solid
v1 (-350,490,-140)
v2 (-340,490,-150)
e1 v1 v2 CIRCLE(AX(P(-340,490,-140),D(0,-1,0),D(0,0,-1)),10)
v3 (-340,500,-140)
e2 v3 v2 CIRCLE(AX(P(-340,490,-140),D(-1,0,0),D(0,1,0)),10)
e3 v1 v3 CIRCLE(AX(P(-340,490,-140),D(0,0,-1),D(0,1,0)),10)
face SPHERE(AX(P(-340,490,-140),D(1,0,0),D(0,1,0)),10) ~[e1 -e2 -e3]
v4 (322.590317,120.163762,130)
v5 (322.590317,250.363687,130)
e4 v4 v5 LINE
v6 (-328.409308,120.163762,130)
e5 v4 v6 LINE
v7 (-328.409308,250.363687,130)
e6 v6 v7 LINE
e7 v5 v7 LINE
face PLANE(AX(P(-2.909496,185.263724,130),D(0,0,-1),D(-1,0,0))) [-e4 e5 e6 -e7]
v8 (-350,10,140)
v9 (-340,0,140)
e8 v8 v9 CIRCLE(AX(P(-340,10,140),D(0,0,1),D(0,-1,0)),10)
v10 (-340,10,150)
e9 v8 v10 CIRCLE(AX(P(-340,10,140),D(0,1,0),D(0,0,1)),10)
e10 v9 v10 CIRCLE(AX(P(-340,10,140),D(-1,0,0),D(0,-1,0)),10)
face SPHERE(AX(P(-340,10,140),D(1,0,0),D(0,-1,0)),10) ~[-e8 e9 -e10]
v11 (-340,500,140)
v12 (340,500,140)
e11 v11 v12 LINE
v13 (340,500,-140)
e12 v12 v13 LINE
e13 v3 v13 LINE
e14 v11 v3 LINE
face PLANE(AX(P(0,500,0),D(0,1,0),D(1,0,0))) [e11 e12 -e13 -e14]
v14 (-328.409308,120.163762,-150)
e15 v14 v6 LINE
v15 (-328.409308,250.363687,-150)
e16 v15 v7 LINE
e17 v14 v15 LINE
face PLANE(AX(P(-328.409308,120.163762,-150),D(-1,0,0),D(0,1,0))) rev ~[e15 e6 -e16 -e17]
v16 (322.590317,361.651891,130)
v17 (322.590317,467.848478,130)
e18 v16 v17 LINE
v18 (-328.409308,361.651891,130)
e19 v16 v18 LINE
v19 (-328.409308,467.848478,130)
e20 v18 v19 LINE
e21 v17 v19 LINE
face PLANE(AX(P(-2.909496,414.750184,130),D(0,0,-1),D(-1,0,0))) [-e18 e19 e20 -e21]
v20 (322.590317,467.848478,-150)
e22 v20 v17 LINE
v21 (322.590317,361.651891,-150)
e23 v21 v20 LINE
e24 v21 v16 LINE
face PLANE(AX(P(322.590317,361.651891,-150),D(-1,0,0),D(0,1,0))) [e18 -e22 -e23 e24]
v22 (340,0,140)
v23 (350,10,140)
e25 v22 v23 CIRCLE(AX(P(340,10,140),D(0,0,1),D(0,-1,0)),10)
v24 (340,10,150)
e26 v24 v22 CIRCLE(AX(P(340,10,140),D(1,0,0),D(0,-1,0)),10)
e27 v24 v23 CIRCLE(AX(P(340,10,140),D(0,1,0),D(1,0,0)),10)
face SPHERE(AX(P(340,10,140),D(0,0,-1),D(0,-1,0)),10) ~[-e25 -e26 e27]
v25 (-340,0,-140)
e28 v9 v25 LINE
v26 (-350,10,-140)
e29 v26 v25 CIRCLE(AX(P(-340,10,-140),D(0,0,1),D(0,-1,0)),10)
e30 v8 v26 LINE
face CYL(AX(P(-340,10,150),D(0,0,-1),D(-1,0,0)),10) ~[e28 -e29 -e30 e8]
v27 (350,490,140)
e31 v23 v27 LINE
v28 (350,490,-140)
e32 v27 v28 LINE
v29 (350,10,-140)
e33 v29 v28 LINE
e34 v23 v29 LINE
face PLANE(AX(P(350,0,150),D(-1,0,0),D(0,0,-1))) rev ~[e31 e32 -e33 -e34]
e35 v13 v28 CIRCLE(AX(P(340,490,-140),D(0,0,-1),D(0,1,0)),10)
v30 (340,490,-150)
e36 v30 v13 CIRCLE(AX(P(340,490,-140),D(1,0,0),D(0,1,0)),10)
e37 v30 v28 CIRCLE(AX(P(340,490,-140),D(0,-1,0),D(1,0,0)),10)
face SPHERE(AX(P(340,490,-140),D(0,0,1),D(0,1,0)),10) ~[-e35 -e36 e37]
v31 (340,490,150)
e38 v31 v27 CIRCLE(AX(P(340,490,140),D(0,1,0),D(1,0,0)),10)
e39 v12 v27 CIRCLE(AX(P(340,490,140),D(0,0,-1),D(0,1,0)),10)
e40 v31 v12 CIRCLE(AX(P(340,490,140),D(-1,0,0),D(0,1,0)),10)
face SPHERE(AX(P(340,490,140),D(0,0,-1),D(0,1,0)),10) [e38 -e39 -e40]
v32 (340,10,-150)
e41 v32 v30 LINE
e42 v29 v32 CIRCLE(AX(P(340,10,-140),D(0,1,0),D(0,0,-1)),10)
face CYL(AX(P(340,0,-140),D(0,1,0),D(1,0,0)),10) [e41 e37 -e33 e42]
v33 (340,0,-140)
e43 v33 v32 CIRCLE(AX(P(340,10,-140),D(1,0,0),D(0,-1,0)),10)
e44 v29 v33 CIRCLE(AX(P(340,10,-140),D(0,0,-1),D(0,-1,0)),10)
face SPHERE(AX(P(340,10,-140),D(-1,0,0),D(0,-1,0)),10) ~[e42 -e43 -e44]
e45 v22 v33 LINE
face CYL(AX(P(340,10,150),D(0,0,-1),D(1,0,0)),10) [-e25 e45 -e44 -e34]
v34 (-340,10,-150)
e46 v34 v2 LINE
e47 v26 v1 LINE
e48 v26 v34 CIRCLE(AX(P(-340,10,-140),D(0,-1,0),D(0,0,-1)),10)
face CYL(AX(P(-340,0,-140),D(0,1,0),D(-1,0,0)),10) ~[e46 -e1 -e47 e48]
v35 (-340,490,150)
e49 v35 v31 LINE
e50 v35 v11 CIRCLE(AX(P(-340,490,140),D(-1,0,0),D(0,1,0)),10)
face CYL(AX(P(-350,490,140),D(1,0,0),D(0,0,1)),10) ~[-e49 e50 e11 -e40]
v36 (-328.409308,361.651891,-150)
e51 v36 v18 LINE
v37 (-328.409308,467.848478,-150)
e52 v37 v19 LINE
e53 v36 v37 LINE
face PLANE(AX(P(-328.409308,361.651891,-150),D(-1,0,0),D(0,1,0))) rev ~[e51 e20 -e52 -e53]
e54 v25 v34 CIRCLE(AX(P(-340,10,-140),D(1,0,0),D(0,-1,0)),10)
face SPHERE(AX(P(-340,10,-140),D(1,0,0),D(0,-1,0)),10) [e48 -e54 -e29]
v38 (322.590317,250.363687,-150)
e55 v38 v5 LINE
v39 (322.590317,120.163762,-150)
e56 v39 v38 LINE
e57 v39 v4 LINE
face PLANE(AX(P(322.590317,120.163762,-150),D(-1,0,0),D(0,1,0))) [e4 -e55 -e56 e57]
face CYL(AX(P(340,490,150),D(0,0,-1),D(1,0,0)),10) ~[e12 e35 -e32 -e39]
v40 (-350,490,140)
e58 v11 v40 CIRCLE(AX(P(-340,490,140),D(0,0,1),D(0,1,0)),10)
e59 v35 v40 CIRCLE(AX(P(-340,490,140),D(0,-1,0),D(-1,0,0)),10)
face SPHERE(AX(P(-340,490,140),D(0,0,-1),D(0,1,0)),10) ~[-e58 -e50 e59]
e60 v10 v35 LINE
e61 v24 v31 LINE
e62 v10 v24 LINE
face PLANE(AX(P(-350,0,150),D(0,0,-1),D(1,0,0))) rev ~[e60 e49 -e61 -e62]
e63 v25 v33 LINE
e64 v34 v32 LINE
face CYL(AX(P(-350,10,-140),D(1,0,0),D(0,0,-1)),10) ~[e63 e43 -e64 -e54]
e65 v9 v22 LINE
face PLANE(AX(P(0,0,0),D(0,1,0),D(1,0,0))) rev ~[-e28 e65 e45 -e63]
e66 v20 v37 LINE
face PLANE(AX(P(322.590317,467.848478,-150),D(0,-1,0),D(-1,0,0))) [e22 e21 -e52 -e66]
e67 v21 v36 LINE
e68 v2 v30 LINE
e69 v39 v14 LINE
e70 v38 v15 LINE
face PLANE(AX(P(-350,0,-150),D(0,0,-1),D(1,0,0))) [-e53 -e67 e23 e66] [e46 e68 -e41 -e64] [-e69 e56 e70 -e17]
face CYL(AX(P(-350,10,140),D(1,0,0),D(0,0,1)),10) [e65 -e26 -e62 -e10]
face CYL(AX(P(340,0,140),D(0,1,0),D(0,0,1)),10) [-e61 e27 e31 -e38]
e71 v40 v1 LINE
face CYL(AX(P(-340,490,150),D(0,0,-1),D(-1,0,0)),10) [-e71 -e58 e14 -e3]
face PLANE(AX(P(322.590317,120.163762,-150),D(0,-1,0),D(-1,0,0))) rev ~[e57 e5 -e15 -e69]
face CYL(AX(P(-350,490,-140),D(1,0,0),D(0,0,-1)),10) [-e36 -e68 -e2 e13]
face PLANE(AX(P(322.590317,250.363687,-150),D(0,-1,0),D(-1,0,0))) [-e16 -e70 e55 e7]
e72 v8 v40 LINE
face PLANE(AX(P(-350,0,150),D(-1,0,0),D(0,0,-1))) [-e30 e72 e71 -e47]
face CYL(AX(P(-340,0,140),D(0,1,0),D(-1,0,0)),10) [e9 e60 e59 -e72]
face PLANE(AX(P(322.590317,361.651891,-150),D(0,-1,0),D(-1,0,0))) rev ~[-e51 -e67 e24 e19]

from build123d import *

# Parameters (mm, degrees)
SKETCH_1_W          = 700
SKETCH_1_H          = 300
EXTRUDE_1_DEPTH     = 500
FILLET_1_R          = 10
SKETCH_2_W          = 650.999625187
SKETCH_2_H          = 106.196586902
SKETCH_2_H_2        = 130.199925037
CUT_EXTRUDE_1_DEPTH = 280


with BuildPart() as part:
    # 草图1 → 凸台-拉伸1 (new body)
    with BuildSketch(Plane(origin=(0, 0, 0), x_dir=(1, 0, 0), z_dir=(0, 1, 0))):
        Rectangle(SKETCH_1_W, SKETCH_1_H)
    extrude(amount=EXTRUDE_1_DEPTH)

    # 圆角1
    fillet_1_edges = [part.edges().sort_by_distance(p)[0] for p in [
        (350, 500, 0),
        (0, 500, -150),
        (-350, 500, 0),
        (0, 0, -150),
        (350, 0, 0),
        (0, 0, 150),
        (-350, 0, 0),
        (0, 500, 150),
        (-350, 250, -150),
        (350, 250, -150),
        (350, 250, 150),
        (-350, 250, 150),
    ]]
    fillet(fillet_1_edges, radius=FILLET_1_R)

    # 草图2 → 切除-拉伸1 (cut)
    with BuildSketch(Plane(origin=(0, 0, -150), x_dir=(-1, 0, 0), z_dir=(0, 0, -1))):
        with Locations((2.909495531, 414.750184475)):
            Rectangle(SKETCH_2_W, SKETCH_2_H)
        with Locations((2.909495531, 185.263724423)):
            Rectangle(SKETCH_2_W, SKETCH_2_H_2)
    extrude(amount=-CUT_EXTRUDE_1_DEPTH, mode=Mode.SUBTRACT)


solid = part.part
